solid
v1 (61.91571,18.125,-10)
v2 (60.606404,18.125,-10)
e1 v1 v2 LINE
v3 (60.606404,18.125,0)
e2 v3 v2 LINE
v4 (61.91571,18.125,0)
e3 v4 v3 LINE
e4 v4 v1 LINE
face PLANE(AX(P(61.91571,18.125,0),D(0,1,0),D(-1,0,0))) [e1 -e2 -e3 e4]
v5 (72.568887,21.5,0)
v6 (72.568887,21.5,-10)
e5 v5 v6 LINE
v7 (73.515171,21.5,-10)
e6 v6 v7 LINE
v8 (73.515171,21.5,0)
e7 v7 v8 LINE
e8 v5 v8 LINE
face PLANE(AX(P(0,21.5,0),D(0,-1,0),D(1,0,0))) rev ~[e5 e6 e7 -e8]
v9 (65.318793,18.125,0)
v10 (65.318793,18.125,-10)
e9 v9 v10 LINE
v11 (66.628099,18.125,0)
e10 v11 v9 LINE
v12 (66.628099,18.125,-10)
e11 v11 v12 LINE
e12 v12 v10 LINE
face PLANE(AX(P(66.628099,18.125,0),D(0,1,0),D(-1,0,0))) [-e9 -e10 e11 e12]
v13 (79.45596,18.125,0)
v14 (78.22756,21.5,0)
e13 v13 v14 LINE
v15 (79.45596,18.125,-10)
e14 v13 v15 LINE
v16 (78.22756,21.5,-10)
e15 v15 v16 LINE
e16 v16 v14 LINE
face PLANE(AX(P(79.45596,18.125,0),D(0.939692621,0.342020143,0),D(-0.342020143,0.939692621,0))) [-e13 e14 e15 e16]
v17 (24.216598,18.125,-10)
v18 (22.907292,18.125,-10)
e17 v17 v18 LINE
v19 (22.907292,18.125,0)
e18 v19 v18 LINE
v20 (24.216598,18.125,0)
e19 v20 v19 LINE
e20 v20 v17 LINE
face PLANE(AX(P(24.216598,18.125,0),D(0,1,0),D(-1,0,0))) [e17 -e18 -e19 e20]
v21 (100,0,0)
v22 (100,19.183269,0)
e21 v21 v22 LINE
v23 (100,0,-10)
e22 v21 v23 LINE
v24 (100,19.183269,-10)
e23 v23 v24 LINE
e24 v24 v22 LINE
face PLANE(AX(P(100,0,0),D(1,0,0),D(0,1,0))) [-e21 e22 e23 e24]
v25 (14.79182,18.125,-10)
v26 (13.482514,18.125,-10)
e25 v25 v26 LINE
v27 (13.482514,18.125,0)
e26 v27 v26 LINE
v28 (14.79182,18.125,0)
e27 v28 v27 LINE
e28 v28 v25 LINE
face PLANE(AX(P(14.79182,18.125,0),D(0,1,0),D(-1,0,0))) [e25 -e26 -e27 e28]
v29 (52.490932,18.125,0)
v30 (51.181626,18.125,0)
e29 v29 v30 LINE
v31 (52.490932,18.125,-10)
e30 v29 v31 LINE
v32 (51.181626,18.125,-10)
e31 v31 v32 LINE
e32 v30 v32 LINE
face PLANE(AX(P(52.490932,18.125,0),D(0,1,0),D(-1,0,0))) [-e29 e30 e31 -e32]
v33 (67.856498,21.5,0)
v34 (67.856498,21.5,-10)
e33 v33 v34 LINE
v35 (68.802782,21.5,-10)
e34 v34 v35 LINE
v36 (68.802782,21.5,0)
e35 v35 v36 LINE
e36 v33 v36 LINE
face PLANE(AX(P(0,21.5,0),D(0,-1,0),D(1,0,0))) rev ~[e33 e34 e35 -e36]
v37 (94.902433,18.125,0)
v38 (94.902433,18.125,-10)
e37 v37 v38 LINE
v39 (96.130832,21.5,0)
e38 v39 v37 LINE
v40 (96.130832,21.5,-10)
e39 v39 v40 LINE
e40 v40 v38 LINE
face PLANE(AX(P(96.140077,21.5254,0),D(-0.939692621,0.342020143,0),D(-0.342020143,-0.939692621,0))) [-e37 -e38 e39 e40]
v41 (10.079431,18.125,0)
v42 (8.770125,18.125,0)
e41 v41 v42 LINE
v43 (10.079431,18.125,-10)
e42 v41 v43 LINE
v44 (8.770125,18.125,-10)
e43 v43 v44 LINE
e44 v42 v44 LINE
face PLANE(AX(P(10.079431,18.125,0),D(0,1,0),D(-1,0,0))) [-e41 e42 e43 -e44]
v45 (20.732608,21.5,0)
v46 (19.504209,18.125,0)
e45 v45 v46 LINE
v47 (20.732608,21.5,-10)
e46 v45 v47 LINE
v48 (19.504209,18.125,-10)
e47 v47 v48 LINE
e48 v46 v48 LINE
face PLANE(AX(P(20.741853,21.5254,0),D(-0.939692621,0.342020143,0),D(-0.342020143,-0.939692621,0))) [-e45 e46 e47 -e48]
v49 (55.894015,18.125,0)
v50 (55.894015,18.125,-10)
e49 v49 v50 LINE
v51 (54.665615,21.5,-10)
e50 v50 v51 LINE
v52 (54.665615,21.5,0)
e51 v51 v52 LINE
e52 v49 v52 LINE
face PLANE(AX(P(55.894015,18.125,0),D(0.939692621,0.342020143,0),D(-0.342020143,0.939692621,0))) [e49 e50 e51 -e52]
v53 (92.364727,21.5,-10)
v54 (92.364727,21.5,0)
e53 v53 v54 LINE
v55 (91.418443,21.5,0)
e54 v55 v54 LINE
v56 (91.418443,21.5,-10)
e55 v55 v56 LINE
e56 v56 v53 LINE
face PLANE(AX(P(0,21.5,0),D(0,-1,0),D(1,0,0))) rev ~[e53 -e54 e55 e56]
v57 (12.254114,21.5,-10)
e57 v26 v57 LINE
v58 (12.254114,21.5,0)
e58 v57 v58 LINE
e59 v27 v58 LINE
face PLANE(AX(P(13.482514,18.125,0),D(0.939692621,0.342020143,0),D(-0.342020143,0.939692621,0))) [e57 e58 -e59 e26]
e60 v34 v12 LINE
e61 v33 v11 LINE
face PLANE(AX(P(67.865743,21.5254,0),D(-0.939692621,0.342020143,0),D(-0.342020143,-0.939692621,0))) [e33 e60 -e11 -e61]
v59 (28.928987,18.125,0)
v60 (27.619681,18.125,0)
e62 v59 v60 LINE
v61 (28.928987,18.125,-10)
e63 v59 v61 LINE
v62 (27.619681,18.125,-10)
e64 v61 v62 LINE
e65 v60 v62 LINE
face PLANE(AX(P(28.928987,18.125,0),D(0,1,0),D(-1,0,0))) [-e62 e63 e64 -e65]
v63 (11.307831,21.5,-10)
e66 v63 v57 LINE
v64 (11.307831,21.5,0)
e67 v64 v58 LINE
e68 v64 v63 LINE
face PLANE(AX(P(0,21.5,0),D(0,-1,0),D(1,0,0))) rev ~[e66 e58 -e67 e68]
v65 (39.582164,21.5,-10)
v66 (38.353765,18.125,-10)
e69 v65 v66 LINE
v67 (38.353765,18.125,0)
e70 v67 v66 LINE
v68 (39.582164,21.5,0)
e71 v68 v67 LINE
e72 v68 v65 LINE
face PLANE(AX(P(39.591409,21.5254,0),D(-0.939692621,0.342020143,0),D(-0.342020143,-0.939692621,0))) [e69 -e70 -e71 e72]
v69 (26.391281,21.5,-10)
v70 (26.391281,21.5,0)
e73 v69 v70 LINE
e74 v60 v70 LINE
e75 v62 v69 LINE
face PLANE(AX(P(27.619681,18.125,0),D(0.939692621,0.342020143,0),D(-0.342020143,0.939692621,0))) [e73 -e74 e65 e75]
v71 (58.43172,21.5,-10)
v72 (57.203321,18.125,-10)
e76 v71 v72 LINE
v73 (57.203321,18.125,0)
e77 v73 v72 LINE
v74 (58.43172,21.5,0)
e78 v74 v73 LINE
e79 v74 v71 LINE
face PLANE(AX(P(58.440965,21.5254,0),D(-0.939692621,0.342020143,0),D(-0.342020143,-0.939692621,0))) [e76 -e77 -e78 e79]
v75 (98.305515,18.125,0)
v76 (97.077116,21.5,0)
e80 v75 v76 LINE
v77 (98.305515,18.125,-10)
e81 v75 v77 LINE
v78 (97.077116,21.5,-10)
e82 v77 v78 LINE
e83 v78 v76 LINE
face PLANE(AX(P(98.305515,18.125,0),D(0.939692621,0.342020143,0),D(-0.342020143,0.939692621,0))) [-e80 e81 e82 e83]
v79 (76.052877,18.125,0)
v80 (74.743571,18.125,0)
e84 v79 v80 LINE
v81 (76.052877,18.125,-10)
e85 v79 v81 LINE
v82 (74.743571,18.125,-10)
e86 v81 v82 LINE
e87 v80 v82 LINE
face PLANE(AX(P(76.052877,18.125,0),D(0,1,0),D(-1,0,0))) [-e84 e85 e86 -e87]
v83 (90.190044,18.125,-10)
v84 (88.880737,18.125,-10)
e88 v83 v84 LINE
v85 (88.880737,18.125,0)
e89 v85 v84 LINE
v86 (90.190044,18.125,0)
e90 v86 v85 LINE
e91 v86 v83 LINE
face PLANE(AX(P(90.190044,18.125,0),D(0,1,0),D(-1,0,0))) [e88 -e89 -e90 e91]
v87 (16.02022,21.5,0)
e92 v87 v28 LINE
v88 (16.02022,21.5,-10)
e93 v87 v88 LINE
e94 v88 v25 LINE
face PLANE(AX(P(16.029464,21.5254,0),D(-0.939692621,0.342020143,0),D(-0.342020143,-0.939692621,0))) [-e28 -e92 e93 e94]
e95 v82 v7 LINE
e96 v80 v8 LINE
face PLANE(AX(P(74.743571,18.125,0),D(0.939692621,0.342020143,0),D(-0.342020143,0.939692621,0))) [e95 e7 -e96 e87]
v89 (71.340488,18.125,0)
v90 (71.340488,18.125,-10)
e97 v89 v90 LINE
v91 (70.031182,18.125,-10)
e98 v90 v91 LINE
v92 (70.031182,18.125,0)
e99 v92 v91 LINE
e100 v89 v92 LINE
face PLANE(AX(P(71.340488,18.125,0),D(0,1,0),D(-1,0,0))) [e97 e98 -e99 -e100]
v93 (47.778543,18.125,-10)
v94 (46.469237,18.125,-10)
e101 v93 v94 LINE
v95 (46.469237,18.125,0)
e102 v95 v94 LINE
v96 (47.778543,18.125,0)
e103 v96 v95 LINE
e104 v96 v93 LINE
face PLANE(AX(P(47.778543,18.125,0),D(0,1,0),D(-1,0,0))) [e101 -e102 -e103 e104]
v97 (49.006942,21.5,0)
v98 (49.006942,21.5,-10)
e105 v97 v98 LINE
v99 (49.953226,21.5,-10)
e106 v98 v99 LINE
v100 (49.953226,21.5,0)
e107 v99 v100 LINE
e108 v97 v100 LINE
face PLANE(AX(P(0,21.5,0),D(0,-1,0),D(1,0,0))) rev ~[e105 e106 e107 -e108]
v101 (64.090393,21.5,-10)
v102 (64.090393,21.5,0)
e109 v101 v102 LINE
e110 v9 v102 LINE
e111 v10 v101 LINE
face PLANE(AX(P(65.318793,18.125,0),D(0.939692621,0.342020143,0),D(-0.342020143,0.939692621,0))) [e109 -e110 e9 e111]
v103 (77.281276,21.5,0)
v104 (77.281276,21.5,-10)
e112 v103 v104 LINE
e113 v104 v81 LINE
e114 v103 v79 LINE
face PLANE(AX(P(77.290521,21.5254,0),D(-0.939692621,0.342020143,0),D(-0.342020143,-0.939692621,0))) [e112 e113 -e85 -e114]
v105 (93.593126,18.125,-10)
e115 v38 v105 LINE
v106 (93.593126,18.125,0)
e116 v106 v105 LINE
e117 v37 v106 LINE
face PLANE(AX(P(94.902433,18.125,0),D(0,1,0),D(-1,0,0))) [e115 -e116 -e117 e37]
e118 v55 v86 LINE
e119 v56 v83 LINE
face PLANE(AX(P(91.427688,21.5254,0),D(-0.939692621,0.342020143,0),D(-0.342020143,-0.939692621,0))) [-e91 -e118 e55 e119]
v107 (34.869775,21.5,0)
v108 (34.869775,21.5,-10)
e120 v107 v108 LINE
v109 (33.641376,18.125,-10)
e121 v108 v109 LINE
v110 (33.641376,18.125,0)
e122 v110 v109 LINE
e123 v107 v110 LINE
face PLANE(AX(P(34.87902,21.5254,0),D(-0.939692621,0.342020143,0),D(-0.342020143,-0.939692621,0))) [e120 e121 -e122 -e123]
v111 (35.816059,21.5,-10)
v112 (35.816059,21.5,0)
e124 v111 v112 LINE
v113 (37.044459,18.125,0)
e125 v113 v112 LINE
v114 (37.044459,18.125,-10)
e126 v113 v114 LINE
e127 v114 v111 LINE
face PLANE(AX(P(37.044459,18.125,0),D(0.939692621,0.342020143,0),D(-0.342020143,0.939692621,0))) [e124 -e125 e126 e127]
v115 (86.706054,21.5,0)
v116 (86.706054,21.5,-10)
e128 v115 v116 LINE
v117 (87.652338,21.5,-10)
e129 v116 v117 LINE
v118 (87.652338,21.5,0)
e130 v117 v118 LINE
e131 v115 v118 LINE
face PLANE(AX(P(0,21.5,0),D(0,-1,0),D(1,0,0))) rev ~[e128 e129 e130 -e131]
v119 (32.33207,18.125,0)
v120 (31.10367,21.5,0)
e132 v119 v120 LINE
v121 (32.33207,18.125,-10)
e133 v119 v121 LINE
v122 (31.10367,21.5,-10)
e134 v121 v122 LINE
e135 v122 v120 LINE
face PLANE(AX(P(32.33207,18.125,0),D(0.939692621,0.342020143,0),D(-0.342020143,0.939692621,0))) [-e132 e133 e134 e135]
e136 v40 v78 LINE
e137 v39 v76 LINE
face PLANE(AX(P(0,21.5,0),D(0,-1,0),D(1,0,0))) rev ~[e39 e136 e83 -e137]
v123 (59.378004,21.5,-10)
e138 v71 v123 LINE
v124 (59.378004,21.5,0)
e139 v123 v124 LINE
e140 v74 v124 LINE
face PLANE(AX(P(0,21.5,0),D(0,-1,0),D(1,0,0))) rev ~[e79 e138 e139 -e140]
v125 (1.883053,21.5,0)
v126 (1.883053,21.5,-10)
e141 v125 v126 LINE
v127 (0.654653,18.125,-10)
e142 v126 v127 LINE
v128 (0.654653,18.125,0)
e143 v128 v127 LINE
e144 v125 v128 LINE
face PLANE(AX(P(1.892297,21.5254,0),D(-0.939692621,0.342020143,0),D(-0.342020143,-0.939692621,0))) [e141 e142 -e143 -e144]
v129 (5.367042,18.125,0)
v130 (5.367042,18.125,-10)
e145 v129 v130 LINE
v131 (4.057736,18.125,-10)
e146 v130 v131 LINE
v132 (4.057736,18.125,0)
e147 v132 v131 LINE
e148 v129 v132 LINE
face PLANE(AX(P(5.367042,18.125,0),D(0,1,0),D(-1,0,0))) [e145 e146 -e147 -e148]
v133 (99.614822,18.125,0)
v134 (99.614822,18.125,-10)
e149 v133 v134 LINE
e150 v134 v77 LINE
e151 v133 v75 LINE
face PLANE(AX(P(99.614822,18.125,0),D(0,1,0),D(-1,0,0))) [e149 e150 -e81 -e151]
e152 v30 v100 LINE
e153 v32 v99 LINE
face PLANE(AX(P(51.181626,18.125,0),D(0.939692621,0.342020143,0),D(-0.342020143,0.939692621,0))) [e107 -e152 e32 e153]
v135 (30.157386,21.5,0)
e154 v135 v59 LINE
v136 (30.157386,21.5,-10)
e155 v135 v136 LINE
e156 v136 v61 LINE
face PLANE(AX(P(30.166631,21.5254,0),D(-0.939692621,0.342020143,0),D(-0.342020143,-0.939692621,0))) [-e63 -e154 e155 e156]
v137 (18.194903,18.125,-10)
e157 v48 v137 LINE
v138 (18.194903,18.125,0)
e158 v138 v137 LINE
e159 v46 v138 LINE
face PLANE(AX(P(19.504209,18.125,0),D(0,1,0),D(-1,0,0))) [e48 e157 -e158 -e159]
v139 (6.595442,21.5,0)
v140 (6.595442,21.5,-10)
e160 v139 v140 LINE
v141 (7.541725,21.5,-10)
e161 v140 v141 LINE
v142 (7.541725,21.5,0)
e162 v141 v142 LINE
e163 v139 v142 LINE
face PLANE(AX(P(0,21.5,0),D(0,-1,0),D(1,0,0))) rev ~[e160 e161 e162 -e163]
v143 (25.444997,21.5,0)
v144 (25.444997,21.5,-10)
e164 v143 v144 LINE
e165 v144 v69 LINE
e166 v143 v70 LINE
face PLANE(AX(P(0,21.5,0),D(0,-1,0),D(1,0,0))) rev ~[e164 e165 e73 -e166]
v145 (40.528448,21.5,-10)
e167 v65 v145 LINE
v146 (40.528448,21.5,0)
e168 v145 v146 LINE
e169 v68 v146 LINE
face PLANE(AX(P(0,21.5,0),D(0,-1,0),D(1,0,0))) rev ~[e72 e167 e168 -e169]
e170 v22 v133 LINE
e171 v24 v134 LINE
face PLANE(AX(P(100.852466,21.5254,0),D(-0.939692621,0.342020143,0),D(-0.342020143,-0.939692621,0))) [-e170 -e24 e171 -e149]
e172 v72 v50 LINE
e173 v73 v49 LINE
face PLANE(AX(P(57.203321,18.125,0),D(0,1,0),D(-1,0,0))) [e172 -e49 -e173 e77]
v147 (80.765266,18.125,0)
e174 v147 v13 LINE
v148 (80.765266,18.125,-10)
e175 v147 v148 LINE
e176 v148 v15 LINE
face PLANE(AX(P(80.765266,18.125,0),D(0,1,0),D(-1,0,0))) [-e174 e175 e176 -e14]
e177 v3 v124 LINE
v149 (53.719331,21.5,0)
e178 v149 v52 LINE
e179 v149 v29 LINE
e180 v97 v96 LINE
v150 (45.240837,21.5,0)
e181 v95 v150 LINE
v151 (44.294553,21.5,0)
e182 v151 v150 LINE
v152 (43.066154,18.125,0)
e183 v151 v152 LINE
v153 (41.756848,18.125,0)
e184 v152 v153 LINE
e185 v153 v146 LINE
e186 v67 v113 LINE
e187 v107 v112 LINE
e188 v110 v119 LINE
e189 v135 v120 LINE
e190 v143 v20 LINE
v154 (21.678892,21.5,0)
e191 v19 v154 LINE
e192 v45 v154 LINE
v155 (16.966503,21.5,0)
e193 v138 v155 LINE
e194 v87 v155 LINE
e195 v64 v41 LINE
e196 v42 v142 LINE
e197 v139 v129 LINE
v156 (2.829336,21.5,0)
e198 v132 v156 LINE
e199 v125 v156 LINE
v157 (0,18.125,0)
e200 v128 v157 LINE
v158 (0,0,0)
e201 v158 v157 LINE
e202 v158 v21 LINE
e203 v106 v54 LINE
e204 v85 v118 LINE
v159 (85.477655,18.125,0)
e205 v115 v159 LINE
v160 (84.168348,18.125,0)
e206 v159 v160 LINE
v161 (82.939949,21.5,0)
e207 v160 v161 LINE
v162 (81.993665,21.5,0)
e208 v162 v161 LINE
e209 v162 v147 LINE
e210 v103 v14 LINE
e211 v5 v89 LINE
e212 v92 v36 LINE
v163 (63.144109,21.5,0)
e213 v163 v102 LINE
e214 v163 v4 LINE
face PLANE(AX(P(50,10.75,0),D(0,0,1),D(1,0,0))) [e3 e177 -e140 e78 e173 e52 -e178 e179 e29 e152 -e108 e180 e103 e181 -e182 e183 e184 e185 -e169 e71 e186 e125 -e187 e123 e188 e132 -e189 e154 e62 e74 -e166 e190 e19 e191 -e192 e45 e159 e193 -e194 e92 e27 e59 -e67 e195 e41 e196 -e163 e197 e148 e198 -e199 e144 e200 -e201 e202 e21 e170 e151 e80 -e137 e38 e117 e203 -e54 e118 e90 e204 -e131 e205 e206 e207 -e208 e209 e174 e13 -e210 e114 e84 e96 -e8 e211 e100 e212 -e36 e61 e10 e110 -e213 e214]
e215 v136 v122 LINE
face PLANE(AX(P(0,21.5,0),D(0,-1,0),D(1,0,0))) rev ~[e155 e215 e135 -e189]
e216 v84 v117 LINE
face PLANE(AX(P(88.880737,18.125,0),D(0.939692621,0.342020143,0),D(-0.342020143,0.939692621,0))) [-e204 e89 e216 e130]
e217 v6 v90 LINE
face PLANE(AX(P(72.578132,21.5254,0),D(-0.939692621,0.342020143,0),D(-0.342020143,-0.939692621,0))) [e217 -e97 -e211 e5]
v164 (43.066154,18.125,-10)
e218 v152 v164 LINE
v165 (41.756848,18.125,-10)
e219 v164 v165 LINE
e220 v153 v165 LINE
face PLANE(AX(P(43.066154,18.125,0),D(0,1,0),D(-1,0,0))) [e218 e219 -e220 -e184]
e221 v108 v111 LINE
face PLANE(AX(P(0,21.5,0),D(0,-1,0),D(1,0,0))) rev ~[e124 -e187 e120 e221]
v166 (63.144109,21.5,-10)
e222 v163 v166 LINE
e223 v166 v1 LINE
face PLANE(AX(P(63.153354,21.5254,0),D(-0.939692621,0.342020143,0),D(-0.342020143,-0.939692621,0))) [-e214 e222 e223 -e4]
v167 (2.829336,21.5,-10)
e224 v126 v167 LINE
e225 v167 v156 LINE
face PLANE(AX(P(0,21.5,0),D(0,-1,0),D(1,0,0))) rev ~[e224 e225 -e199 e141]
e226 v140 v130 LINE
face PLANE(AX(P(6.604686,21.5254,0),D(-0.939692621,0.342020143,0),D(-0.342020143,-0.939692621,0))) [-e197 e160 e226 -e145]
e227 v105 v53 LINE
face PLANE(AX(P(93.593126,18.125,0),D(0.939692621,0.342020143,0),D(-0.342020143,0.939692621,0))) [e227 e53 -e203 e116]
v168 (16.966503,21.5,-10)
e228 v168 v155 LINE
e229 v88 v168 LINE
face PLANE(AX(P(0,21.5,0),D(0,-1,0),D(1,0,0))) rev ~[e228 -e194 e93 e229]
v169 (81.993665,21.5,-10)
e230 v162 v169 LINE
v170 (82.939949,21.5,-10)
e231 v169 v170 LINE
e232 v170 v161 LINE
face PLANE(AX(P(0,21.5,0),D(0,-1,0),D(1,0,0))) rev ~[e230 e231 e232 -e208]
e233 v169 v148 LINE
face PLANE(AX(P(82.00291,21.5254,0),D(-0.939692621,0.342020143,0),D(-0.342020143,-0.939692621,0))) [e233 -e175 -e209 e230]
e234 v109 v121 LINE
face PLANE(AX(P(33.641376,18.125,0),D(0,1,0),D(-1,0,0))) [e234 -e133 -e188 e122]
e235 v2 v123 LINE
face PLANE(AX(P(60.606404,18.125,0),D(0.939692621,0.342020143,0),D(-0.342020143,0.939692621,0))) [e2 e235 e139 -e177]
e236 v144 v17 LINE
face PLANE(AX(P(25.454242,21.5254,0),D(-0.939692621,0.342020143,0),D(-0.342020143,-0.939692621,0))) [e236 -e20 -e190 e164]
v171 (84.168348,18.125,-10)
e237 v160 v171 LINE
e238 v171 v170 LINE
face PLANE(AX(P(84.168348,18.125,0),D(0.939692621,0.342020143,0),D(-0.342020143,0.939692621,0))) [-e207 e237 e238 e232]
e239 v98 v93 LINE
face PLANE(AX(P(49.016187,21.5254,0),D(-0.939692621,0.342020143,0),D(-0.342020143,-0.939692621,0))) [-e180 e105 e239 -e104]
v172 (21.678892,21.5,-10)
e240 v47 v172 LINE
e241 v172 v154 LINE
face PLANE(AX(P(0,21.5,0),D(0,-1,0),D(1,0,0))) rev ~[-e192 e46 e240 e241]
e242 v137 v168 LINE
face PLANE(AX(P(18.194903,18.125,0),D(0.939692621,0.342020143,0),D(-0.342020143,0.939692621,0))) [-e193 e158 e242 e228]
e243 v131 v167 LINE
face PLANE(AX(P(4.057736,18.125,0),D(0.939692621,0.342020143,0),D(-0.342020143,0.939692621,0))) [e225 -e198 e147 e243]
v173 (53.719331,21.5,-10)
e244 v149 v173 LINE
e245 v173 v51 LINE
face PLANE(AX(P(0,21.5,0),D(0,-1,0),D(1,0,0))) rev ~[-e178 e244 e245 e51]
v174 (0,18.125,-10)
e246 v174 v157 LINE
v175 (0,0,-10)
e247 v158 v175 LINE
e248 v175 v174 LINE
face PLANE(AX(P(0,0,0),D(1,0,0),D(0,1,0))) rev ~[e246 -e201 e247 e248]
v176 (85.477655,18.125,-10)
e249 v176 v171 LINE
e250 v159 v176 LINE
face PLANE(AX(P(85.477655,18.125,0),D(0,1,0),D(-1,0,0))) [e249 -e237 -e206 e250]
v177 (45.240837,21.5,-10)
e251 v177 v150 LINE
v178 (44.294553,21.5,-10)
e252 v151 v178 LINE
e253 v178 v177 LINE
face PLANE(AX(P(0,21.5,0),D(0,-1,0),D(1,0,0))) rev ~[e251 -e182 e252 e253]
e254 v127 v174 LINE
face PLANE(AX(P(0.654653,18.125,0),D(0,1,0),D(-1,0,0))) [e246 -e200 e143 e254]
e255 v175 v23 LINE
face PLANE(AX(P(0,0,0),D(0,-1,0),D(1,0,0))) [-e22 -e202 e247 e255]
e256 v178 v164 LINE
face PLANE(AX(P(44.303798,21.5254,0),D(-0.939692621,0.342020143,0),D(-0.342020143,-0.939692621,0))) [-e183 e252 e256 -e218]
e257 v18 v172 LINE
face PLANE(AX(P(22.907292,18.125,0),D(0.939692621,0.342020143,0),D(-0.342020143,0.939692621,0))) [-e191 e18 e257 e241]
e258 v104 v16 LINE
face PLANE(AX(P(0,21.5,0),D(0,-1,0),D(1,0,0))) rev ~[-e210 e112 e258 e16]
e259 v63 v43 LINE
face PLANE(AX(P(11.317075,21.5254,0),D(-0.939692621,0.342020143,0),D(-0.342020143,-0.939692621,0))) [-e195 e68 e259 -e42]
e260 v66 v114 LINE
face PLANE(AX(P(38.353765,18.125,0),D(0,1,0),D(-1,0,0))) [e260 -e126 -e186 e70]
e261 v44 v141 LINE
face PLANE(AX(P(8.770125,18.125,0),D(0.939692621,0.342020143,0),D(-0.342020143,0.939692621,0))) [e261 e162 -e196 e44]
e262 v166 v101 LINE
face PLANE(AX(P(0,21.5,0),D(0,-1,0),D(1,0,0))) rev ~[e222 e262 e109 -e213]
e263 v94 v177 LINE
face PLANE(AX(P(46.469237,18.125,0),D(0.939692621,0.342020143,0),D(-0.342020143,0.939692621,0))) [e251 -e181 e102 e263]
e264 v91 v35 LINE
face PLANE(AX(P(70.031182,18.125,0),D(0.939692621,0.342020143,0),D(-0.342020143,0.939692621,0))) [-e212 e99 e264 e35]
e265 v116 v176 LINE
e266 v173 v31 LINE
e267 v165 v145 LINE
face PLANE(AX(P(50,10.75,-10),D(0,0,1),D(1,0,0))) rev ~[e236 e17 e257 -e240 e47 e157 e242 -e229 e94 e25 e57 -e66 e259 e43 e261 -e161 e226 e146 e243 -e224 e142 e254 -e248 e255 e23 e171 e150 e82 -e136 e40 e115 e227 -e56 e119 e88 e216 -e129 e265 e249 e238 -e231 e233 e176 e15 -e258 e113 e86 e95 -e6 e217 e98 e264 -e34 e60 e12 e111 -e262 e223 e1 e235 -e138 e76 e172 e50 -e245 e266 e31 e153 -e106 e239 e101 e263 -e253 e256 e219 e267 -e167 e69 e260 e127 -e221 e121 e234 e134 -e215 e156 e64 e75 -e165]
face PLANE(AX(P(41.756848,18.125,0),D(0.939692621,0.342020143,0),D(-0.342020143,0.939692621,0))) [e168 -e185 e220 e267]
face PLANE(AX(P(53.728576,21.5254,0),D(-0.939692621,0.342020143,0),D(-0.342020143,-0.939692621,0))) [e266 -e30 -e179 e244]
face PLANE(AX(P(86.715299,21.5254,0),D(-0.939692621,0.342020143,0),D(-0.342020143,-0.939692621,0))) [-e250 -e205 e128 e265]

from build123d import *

# Parameters (mm, degrees)
BLANKSKE_W        = 100
BLANKSKE_H        = 21.5
BLANK_DEPTH       = 10
TOOTHCUTSIM_DEPTH = 103.772807688
TEETHCUTS_COUNT   = 22
TEETHCUTS_PITCH   = 4.712388975


with BuildPart() as part:
    # BlankSke → Blank (new body)
    with BuildSketch(Plane.XY):
        with Locations((50, 10.75)):
            Rectangle(BLANKSKE_W, BLANKSKE_H)
    extrude(amount=-BLANK_DEPTH)

    # TooCutSkeSim → ToothCutSim (cut, through all)
    with BuildSketch(Plane.XY):
        Polygon((0.654653055, 18.125), (-0.654653055, 18.125), (-1.892297439, 21.5254), (1.892297439, 21.5254), align=None)
    toothcutsim = extrude(amount=-TOOTHCUTSIM_DEPTH, mode=Mode.SUBTRACT)

    # TeethCuts: ToothCutSim ×22
    with Locations(*[(i * TEETHCUTS_PITCH, 0, 0) for i in range(1, TEETHCUTS_COUNT)]):
        add(toothcutsim, mode=Mode.SUBTRACT)


solid = part.part
